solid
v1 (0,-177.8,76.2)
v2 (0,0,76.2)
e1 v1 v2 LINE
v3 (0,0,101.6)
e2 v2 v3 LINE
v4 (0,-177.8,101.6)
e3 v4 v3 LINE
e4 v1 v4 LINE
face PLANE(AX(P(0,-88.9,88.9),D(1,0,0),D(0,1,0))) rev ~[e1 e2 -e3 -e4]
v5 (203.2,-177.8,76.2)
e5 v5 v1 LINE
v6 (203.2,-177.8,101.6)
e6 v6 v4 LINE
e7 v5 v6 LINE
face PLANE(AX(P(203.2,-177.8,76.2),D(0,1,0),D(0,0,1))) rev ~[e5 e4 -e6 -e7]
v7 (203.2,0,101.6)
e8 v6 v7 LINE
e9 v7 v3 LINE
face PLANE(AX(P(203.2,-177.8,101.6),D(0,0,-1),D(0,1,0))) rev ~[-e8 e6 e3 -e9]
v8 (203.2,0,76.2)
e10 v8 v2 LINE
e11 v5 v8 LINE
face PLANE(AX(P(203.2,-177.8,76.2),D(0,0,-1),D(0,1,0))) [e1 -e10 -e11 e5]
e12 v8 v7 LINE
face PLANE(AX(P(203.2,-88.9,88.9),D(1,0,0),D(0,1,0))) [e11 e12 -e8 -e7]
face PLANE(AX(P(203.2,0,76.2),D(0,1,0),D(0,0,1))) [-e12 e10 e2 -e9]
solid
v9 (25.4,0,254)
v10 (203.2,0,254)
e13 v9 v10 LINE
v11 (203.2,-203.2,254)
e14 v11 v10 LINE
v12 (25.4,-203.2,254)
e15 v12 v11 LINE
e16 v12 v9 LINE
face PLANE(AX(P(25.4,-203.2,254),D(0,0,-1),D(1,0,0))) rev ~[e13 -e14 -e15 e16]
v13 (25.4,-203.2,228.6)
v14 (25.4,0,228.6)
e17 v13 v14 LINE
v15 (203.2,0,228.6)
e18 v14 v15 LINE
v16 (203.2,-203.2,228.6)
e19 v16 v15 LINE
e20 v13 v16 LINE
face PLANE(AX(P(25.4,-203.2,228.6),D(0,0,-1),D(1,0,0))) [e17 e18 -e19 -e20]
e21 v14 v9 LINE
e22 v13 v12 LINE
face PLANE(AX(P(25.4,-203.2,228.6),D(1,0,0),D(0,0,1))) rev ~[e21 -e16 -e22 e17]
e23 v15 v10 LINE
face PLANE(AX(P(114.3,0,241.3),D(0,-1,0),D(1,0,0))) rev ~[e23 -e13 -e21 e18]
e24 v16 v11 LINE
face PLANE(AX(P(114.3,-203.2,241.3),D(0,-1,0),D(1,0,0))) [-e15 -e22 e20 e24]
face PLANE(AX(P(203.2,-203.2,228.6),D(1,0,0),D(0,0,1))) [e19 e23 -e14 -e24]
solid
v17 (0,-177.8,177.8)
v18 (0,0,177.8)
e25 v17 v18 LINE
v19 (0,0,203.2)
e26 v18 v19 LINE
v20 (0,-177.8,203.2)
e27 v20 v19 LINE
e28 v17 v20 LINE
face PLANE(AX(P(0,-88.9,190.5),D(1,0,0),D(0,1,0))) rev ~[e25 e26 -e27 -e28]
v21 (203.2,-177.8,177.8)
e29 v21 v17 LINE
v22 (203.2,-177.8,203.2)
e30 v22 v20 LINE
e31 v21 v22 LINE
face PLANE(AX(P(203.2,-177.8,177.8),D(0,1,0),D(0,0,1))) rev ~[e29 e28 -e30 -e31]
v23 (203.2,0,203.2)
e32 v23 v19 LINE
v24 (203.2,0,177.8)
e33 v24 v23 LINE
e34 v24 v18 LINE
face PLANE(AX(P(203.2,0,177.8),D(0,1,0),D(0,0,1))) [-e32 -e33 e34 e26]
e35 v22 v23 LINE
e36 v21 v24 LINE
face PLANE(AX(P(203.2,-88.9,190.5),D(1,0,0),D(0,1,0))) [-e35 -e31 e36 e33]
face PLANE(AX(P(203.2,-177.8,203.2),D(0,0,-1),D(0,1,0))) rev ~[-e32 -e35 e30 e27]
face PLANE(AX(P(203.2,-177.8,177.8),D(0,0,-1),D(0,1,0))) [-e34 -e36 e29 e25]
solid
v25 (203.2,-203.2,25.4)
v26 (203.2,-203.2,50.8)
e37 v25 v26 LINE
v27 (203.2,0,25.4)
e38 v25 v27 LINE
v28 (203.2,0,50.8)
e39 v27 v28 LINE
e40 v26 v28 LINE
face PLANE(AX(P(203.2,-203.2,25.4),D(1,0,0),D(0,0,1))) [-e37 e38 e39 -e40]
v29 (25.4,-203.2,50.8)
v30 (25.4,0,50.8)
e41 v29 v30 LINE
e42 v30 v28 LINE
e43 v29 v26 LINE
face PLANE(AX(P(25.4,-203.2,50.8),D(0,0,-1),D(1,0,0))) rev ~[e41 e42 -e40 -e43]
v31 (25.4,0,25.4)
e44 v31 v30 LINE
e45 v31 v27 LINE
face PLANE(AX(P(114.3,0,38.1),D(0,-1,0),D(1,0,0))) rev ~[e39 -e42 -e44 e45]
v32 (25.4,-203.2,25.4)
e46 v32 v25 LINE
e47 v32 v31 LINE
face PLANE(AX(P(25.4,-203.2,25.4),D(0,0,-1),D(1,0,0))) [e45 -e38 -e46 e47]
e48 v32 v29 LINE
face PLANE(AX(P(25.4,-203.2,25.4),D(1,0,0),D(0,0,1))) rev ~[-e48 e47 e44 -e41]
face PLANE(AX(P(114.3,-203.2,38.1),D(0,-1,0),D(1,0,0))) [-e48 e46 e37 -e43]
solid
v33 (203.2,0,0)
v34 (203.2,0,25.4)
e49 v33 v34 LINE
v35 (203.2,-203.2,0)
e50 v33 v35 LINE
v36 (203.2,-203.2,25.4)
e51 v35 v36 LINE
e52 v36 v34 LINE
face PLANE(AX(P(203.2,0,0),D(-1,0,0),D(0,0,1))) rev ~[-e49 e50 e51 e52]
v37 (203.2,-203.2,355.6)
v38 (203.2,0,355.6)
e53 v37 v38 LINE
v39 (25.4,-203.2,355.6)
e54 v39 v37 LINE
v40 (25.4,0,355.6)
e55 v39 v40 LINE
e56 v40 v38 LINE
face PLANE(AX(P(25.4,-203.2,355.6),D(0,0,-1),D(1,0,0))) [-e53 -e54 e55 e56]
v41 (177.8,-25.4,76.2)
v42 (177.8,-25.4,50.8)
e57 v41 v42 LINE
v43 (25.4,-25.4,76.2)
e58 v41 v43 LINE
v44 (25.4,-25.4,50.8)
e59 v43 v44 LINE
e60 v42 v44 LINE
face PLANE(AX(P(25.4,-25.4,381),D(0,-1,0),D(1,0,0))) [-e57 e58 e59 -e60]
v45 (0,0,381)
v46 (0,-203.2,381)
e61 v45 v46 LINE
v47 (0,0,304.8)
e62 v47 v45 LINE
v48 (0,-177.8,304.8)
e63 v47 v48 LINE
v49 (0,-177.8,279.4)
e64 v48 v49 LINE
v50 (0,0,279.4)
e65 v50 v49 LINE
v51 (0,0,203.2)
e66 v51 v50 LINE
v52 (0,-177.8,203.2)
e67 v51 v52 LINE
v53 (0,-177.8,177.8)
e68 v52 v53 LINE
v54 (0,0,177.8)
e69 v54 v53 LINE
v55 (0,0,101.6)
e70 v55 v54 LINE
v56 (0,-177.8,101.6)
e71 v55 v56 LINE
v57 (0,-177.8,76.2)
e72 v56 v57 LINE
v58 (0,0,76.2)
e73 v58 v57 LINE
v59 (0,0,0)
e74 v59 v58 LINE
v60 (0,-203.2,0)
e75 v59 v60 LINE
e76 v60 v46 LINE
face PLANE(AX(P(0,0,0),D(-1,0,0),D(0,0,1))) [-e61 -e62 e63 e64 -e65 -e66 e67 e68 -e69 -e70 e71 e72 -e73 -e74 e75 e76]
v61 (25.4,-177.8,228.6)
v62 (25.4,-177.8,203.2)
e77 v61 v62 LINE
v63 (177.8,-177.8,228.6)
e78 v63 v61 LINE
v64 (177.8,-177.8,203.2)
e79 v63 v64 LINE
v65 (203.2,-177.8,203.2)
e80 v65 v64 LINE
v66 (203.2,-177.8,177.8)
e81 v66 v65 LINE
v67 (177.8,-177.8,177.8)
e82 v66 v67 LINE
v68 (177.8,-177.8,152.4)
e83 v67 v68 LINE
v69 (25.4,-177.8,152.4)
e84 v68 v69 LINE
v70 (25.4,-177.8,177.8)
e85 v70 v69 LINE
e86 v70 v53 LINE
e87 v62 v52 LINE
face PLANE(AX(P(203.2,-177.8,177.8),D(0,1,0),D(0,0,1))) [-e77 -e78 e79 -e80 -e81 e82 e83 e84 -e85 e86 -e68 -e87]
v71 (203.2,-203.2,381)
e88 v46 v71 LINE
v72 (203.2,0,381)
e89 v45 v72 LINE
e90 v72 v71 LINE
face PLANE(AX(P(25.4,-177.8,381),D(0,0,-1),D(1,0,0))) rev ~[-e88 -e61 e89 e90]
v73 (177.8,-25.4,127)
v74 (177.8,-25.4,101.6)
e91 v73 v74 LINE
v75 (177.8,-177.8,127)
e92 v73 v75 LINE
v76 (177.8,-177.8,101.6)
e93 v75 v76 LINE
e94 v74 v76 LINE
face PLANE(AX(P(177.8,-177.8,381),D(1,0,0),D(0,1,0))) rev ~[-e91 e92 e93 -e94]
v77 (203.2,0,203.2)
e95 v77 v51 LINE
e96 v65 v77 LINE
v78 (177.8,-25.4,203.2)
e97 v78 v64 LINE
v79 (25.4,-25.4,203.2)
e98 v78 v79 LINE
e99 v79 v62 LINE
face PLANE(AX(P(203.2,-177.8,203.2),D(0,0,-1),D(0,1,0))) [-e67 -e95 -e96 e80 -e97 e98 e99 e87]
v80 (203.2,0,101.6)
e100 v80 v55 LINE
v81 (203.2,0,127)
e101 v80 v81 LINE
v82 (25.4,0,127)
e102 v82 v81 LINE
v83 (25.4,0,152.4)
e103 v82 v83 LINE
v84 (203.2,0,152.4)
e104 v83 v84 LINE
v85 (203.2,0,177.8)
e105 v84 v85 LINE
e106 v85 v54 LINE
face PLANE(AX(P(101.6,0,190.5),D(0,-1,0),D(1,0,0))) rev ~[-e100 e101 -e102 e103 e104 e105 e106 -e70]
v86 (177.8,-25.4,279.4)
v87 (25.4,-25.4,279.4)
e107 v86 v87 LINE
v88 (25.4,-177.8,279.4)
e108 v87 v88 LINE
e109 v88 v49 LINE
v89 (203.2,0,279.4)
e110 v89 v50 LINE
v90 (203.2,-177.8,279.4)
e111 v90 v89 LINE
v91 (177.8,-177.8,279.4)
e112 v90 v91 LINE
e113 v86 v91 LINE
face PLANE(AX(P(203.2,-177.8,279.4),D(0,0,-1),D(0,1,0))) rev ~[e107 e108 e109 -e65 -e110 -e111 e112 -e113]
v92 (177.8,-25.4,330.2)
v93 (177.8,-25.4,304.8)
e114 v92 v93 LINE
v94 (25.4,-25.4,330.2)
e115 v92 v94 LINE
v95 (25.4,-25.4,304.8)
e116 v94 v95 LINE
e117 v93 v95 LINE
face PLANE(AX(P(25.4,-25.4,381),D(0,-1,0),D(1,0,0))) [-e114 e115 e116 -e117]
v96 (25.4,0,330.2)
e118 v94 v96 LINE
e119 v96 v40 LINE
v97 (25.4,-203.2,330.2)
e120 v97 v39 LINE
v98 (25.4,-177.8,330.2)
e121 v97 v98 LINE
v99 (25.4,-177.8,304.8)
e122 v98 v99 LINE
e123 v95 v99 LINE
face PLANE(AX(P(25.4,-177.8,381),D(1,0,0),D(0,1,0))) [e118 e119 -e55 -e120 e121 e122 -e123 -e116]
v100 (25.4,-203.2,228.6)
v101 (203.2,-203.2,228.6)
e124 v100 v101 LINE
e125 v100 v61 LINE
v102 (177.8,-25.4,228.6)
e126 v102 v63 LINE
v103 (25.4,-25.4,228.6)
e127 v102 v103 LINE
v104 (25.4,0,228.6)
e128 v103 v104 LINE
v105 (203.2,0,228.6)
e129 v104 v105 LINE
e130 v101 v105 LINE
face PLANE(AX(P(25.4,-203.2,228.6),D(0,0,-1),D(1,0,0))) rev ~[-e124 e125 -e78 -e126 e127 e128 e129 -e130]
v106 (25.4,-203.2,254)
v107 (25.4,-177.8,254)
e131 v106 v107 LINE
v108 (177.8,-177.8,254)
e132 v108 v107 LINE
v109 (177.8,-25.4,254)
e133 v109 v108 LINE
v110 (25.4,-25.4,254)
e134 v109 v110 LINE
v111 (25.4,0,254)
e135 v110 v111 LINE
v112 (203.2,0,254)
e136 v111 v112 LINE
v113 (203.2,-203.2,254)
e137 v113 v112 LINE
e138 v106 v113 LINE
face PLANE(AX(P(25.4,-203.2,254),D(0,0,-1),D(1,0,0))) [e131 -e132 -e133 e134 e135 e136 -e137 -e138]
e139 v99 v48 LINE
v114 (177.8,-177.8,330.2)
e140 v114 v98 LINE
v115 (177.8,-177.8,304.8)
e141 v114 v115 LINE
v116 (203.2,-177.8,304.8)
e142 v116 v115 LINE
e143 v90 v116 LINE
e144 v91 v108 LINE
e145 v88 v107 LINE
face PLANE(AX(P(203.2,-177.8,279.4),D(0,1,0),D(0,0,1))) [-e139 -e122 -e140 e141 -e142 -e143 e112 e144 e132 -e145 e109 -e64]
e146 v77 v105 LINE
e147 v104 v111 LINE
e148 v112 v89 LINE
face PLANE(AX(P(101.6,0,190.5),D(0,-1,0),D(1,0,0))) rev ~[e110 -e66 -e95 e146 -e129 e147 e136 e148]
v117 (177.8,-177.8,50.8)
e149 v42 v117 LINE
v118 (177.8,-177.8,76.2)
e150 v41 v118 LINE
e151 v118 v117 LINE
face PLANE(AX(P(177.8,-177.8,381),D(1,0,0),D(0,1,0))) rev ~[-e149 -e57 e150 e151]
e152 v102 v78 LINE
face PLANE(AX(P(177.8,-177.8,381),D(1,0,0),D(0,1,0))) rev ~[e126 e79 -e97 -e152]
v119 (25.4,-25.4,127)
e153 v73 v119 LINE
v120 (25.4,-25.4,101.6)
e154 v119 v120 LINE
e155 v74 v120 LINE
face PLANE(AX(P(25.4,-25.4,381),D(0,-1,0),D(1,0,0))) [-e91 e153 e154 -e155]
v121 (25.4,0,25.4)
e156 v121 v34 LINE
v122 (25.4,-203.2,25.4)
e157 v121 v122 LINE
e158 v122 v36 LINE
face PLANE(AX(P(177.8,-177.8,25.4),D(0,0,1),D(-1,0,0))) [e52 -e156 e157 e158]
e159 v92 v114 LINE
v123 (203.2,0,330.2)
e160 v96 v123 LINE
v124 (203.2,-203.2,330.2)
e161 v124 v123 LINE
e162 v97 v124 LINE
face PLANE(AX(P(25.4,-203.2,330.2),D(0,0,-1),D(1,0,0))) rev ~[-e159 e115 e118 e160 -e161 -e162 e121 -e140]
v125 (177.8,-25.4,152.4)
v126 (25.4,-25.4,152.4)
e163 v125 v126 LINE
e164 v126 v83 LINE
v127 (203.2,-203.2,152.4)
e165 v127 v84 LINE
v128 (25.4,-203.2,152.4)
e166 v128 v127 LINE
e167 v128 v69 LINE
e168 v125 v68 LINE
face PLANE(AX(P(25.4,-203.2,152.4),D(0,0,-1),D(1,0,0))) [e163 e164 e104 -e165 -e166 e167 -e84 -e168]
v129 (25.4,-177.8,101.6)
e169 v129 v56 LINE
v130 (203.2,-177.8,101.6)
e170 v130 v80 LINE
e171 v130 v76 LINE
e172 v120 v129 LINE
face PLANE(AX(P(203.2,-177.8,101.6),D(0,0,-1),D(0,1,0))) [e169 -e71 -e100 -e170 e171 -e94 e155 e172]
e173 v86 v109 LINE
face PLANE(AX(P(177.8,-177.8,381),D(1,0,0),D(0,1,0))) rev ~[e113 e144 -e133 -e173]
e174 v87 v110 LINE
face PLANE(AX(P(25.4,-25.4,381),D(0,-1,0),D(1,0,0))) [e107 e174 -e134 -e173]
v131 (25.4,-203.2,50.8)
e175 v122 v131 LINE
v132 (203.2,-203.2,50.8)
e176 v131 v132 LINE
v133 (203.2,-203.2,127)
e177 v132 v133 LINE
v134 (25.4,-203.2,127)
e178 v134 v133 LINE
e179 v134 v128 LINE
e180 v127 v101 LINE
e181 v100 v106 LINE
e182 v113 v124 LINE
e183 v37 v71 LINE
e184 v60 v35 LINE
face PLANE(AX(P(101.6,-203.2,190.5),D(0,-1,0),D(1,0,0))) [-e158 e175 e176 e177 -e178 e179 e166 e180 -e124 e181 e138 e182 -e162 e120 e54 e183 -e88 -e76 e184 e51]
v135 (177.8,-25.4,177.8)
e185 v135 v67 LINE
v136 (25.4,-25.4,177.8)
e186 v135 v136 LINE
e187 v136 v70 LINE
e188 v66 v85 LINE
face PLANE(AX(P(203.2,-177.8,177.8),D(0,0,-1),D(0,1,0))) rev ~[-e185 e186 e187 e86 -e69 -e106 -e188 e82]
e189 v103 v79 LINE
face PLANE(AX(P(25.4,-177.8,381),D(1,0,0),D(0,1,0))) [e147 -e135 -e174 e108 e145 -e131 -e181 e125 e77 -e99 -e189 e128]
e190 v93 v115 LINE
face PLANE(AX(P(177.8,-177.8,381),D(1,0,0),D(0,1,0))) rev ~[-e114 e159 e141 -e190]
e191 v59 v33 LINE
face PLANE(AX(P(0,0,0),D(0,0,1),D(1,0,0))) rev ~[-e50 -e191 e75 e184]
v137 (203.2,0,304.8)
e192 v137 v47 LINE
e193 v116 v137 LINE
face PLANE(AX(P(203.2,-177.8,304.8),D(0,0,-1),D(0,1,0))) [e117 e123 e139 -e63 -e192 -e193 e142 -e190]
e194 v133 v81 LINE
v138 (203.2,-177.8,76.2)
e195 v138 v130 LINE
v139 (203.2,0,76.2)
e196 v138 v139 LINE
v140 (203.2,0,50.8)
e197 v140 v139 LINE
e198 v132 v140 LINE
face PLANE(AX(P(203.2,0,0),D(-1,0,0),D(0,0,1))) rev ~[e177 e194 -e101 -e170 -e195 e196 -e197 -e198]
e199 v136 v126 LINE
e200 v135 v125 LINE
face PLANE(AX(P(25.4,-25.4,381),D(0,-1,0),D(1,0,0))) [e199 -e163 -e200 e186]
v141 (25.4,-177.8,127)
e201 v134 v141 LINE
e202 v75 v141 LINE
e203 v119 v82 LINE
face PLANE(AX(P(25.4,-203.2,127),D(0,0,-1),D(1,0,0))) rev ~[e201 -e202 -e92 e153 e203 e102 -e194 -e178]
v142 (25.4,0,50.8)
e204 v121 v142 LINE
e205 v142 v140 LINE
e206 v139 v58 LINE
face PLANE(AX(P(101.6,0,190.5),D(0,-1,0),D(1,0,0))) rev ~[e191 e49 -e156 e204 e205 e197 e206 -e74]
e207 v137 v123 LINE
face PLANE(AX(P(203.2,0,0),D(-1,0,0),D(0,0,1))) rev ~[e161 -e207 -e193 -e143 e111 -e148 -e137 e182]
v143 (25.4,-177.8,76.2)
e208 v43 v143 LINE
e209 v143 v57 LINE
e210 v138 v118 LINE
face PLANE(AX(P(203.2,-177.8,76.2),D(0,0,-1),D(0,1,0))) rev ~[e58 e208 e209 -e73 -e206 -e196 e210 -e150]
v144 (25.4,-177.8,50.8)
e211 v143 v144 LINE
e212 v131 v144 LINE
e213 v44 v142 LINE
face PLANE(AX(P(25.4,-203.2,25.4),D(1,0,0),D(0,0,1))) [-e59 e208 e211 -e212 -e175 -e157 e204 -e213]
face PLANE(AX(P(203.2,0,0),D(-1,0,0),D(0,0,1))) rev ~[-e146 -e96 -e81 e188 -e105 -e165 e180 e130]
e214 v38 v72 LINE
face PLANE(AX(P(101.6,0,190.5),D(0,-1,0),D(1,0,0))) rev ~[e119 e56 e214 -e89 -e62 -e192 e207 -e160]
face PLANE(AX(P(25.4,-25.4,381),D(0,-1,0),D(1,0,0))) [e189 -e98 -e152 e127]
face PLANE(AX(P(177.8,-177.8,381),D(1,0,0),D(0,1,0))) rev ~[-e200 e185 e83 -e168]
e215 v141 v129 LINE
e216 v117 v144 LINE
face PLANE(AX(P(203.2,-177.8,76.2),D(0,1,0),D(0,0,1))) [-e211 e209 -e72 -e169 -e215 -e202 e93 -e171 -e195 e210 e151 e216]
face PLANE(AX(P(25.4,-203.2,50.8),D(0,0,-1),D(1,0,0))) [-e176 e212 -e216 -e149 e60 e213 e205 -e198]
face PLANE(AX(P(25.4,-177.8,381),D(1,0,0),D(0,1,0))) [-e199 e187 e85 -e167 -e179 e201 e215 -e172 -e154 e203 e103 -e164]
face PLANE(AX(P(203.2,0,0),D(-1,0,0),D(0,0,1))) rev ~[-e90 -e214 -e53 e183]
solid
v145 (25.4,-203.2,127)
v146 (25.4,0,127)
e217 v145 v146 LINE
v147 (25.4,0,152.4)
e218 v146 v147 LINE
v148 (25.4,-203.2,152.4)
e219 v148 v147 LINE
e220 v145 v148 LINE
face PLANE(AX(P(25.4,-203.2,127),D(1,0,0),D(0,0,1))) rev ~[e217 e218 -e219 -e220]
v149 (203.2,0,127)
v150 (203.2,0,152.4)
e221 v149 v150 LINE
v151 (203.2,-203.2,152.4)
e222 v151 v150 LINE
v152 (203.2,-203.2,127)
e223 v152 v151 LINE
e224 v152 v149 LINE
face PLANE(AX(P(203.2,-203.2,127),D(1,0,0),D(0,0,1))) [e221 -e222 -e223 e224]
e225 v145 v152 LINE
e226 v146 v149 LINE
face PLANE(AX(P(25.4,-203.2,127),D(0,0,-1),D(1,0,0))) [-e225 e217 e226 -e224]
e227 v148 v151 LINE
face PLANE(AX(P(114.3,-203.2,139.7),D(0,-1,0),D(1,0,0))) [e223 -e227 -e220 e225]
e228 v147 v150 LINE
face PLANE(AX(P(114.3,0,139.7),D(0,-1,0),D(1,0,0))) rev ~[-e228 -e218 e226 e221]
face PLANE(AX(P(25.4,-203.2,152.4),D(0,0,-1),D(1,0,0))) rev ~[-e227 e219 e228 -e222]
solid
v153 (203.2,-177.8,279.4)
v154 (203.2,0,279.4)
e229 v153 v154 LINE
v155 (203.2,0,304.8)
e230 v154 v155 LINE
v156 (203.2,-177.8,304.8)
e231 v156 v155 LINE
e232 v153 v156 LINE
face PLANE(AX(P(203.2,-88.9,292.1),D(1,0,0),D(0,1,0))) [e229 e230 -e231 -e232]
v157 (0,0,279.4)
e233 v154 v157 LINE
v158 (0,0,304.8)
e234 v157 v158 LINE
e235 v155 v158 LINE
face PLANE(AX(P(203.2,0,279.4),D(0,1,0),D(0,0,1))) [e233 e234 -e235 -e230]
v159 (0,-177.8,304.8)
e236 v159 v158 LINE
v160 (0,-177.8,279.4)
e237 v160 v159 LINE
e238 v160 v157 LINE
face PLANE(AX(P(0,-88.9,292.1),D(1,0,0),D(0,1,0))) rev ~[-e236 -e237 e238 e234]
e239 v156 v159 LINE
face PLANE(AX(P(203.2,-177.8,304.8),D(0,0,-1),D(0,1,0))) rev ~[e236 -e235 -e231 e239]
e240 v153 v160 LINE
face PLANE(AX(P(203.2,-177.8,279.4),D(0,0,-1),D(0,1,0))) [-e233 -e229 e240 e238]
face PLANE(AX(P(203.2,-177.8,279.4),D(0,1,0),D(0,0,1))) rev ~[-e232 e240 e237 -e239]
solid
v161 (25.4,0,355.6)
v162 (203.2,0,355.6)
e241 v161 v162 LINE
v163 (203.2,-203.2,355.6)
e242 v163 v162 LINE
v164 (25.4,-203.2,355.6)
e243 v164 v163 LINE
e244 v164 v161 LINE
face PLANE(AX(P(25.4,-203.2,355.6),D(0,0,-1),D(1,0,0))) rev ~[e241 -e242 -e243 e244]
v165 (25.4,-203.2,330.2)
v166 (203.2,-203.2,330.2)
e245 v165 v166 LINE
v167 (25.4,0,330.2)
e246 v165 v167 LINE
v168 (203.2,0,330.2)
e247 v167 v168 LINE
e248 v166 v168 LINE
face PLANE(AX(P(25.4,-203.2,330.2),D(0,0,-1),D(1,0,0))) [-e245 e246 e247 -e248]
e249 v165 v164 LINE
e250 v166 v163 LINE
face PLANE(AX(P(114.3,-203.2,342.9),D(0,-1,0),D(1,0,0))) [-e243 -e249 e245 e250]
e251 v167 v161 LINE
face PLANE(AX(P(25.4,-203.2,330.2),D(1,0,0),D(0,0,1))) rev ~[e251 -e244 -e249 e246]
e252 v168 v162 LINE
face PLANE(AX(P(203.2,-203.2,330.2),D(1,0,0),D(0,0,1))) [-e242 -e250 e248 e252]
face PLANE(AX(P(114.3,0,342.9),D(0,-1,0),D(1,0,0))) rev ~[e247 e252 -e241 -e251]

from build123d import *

# Parameters (mm, degrees)
F0_W      = 203.2
F0_H      = 381
F1_DEPTH  = 203.2
F2_W      = 177.8
F2_H      = 25.4
F3_DEPTH  = 203.201
F4_W      = 177.8
F4_H      = 25.4
F5_DEPTH  = 203.201
F6_W      = 152.4
F6_H      = 152.4
F7_DEPTH  = 381.001
F8_DEPTH  = 203.2
F9_DEPTH  = 203.2
F10_DEPTH = 152.4
F11_DEPTH = 152.4


with BuildPart() as f1:
    # F0 (on Front) → F1 (new body)
    with BuildSketch(Plane.XZ):
        with Locations((101.6, 190.5)):
            Rectangle(F0_W, F0_H)
    extrude(amount=F1_DEPTH)

    # F2 (on face) → F3 (cut, through all)
    with BuildSketch(Plane.XZ.offset(203.2)):
        with Locations((114.3, 342.9)):
            Rectangle(F2_W, F2_H)
        with Locations((114.3, 241.3)):
            Rectangle(F2_W, F2_H)
        with Locations((114.3, 139.7)):
            Rectangle(F2_W, F2_H)
        with Locations((114.3, 38.1)):
            Rectangle(F2_W, F2_H)
    extrude(amount=-F3_DEPTH, mode=Mode.SUBTRACT)

    # F4 (on face) → F5 (cut, through all)
    with BuildSketch(Plane.YZ.offset(203.2)):
        with Locations((-88.9, 292.1)):
            Rectangle(F4_W, F4_H)
        with Locations((-88.9, 190.5)):
            Rectangle(F4_W, F4_H)
        with Locations((-88.9, 88.9)):
            Rectangle(F4_W, F4_H)
    extrude(amount=-F5_DEPTH, mode=Mode.SUBTRACT)

    # F6 (on face) → F7 (cut, through all)
    with BuildSketch(Plane.XY.offset(381)):
        with Locations((101.6, -101.6)):
            Rectangle(F6_W, F6_H)
    extrude(amount=-F7_DEPTH, mode=Mode.SUBTRACT)

    # F10 (add, through all): a face of the model
    f10_faces = [f1.faces().sort_by_distance(p)[0] for p in [
        (101.6, -177.8, 368.3),
    ]]
    extrude(f10_faces, amount=F10_DEPTH)

    # F11 (add, through all): a face of the model
    f11_faces = [f1.faces().sort_by_distance(p)[0] for p in [
        (101.6, -177.8, 12.7),
    ]]
    extrude(f11_faces, amount=F11_DEPTH)


with BuildPart() as f8:
    # F2 (on face) → F8 (new body)
    with BuildSketch(Plane.XZ.offset(203.2)):
        with Locations((114.3, 342.9)):
            Rectangle(F2_W, F2_H)
    extrude(amount=-F8_DEPTH)


with BuildPart() as f8b:
    # F2 (on face) → F8, piece 2 (new body)
    with BuildSketch(Plane.XZ.offset(203.2)):
        with Locations((114.3, 241.3)):
            Rectangle(F2_W, F2_H)
    extrude(amount=-F8_DEPTH)


with BuildPart() as f8c:
    # F2 (on face) → F8, piece 3 (new body)
    with BuildSketch(Plane.XZ.offset(203.2)):
        with Locations((114.3, 139.7)):
            Rectangle(F2_W, F2_H)
    extrude(amount=-F8_DEPTH)


with BuildPart() as f8d:
    # F2 (on face) → F8, piece 4 (new body)
    with BuildSketch(Plane.XZ.offset(203.2)):
        with Locations((114.3, 38.1)):
            Rectangle(F2_W, F2_H)
    extrude(amount=-F8_DEPTH)


with BuildPart() as f9:
    # F4 (on face) → F9 (new body)
    with BuildSketch(Plane.YZ.offset(203.2)):
        with Locations((-88.9, 292.1)):
            Rectangle(F4_W, F4_H)
    extrude(amount=-F9_DEPTH)


with BuildPart() as f9b:
    # F4 (on face) → F9, piece 2 (new body)
    with BuildSketch(Plane.YZ.offset(203.2)):
        with Locations((-88.9, 190.5)):
            Rectangle(F4_W, F4_H)
    extrude(amount=-F9_DEPTH)


with BuildPart() as f9c:
    # F4 (on face) → F9, piece 3 (new body)
    with BuildSketch(Plane.YZ.offset(203.2)):
        with Locations((-88.9, 88.9)):
            Rectangle(F4_W, F4_H)
    extrude(amount=-F9_DEPTH)


solid = Compound([f1.part, f8.part, f8b.part, f8c.part, f8d.part, f9.part, f9b.part, f9c.part])
